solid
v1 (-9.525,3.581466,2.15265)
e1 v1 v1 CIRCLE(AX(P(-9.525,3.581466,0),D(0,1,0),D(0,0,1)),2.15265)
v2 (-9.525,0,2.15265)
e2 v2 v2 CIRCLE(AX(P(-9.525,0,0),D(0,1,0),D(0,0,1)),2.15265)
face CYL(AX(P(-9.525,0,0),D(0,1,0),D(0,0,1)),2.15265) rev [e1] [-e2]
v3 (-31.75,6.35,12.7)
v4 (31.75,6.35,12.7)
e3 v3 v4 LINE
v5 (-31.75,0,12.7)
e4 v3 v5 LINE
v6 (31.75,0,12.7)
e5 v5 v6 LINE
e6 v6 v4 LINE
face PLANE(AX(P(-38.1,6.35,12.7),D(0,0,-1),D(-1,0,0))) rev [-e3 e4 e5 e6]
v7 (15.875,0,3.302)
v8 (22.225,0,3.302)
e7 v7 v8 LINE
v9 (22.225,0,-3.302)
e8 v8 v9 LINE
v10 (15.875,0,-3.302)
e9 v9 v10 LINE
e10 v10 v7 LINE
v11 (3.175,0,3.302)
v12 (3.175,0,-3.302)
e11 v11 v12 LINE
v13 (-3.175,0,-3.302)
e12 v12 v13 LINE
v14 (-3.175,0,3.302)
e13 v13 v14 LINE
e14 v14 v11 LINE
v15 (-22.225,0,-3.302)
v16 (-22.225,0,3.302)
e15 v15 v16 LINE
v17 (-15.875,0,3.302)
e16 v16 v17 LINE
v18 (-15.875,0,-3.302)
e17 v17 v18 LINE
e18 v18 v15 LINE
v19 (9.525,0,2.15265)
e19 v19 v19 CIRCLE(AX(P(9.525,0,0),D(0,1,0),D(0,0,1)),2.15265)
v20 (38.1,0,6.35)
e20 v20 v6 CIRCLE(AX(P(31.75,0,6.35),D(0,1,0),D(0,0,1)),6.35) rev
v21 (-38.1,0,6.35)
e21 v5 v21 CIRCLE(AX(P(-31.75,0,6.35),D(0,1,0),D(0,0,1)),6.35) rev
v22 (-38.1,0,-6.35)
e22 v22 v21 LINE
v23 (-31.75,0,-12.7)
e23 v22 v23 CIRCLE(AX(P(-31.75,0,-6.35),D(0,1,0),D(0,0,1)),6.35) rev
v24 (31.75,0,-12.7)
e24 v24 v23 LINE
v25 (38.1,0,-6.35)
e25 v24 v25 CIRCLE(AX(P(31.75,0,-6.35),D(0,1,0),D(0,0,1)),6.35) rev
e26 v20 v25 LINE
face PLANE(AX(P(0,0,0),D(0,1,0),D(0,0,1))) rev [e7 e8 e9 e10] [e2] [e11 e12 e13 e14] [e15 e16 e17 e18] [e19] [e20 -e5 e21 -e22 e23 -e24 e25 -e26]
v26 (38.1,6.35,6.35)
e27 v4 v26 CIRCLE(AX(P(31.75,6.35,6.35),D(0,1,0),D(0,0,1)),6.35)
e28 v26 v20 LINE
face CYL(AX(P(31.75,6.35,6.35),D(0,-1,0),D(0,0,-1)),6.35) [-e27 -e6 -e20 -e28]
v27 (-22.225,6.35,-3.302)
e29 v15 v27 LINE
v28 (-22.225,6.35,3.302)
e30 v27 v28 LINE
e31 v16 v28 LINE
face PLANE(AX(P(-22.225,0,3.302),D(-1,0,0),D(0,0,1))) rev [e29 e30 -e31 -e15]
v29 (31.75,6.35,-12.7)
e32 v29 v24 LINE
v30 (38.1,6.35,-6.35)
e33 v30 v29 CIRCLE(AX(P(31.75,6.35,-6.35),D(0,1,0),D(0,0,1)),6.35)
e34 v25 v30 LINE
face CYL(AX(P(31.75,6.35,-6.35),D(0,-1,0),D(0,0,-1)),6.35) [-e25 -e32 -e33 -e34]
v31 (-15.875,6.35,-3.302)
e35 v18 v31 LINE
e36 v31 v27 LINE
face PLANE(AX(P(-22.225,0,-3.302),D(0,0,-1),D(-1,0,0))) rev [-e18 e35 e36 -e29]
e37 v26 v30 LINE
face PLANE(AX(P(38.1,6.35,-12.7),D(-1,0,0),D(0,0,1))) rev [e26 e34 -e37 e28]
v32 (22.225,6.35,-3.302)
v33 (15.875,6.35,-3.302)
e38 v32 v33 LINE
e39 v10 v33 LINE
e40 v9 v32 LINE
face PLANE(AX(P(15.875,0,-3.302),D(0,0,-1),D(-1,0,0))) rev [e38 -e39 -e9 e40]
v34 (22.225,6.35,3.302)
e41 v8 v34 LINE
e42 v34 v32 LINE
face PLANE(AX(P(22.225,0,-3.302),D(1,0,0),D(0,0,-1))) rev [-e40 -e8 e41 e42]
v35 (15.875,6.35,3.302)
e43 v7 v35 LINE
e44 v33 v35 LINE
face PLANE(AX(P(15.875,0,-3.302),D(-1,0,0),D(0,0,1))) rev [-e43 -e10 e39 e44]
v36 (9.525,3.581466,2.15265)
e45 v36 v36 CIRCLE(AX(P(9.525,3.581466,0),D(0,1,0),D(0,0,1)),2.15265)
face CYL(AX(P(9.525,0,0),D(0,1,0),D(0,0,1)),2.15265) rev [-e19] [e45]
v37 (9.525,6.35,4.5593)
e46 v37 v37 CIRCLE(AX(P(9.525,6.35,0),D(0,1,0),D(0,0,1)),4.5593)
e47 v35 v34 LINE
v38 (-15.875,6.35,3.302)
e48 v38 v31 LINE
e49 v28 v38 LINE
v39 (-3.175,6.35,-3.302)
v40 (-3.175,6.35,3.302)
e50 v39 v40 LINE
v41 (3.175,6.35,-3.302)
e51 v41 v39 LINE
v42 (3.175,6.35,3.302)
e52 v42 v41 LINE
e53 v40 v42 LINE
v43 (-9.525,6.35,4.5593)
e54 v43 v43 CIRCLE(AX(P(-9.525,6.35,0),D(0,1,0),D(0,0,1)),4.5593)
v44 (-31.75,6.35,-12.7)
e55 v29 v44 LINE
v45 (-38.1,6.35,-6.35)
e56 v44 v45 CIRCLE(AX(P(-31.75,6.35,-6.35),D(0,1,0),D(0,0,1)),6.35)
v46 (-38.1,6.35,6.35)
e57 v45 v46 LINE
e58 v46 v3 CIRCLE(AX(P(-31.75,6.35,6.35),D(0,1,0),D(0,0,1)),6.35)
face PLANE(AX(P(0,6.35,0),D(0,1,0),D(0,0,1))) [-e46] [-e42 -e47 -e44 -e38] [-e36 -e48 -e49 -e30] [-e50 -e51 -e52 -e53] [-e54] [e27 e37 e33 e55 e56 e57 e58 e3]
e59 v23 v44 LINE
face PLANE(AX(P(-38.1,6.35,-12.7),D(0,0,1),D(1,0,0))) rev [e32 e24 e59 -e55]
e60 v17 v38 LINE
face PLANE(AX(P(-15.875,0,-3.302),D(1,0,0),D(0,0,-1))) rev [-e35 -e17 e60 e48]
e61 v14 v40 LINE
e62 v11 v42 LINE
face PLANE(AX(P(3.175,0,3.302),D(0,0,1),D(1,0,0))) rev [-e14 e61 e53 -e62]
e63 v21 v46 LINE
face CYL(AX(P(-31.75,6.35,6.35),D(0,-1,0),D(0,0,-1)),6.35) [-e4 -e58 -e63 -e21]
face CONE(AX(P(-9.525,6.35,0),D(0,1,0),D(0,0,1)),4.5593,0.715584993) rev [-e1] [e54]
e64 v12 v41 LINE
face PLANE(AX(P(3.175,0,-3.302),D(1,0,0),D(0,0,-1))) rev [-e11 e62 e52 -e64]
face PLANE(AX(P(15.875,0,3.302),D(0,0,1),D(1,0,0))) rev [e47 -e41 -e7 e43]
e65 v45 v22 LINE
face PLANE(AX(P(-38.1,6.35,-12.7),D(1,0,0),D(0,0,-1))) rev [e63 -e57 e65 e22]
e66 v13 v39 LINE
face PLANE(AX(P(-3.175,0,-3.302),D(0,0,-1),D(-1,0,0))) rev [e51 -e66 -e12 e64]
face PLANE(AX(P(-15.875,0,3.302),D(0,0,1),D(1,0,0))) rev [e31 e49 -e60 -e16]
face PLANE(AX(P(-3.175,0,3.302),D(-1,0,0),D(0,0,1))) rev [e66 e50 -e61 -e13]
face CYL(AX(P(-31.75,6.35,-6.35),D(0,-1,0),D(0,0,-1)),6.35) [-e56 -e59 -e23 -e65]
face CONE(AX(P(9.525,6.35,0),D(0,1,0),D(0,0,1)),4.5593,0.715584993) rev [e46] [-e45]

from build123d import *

# Parameters (mm, degrees)
SKETCH1_W                                         = 76.2
SKETCH1_H                                         = 25.4
BOSS_EXTRUDE1_DEPTH                               = 6.35
SKETCH2_R                                         = 2.15265
SKETCH2_W                                         = 6.35
SKETCH2_H                                         = 6.604
CUT_EXTRUDE1_DEPTH                                = 7.35
FILLET1_R                                         = 6.35
CSK_FOR_8_FLAT_HEAD_SOCKET_CAP_SCREW1_D           = 4.3053
CSK_FOR_8_FLAT_HEAD_SOCKET_CAP_SCREW1_CSINK_D     = 9.1186
CSK_FOR_8_FLAT_HEAD_SOCKET_CAP_SCREW1_CSINK_ANGLE = 82


with BuildPart() as part:
    # Sketch1 → Boss-Extrude1 (new body)
    with BuildSketch(Plane(origin=(0, 0, 0), x_dir=(1, 0, 0), z_dir=(0, 1, 0))):
        Rectangle(SKETCH1_W, SKETCH1_H)
    extrude(amount=BOSS_EXTRUDE1_DEPTH)

    # Sketch2 → Cut-Extrude1 (cut, through all)
    with BuildSketch(Plane(origin=(0, 6.35, 0), x_dir=(1, 0, 0), z_dir=(0, 1, 0))):
        with Locations((-9.525, 0)):
            Circle(SKETCH2_R)
        with Locations((9.525, 0)):
            Circle(SKETCH2_R)
        Rectangle(SKETCH2_W, SKETCH2_H)
        with Locations((-19.05, 0)):
            Rectangle(SKETCH2_W, SKETCH2_H)
        with Locations((19.05, 0)):
            Rectangle(SKETCH2_W, SKETCH2_H)
    extrude(amount=-CUT_EXTRUDE1_DEPTH, mode=Mode.SUBTRACT)

    # Fillet1
    fillet1_edges = [part.edges().sort_by_distance(p)[0] for p in [
        (-38.1, 3.175, -12.7),
        (38.1, 3.175, -12.7),
        (38.1, 3.175, 12.7),
        (-38.1, 3.175, 12.7),
    ]]
    fillet(fillet1_edges, radius=FILLET1_R)

    # CSK for #8 Flat Head Socket Cap Screw1 (through all)
    with Locations(Plane(origin=(0, 6.35, 0), x_dir=(1, 0, 0), z_dir=(0, 1, 0))):
        with Locations((-9.525, 0), (9.525, 0)):
            CounterSinkHole(CSK_FOR_8_FLAT_HEAD_SOCKET_CAP_SCREW1_D / 2, CSK_FOR_8_FLAT_HEAD_SOCKET_CAP_SCREW1_CSINK_D / 2, counter_sink_angle=CSK_FOR_8_FLAT_HEAD_SOCKET_CAP_SCREW1_CSINK_ANGLE)


solid = part.part
